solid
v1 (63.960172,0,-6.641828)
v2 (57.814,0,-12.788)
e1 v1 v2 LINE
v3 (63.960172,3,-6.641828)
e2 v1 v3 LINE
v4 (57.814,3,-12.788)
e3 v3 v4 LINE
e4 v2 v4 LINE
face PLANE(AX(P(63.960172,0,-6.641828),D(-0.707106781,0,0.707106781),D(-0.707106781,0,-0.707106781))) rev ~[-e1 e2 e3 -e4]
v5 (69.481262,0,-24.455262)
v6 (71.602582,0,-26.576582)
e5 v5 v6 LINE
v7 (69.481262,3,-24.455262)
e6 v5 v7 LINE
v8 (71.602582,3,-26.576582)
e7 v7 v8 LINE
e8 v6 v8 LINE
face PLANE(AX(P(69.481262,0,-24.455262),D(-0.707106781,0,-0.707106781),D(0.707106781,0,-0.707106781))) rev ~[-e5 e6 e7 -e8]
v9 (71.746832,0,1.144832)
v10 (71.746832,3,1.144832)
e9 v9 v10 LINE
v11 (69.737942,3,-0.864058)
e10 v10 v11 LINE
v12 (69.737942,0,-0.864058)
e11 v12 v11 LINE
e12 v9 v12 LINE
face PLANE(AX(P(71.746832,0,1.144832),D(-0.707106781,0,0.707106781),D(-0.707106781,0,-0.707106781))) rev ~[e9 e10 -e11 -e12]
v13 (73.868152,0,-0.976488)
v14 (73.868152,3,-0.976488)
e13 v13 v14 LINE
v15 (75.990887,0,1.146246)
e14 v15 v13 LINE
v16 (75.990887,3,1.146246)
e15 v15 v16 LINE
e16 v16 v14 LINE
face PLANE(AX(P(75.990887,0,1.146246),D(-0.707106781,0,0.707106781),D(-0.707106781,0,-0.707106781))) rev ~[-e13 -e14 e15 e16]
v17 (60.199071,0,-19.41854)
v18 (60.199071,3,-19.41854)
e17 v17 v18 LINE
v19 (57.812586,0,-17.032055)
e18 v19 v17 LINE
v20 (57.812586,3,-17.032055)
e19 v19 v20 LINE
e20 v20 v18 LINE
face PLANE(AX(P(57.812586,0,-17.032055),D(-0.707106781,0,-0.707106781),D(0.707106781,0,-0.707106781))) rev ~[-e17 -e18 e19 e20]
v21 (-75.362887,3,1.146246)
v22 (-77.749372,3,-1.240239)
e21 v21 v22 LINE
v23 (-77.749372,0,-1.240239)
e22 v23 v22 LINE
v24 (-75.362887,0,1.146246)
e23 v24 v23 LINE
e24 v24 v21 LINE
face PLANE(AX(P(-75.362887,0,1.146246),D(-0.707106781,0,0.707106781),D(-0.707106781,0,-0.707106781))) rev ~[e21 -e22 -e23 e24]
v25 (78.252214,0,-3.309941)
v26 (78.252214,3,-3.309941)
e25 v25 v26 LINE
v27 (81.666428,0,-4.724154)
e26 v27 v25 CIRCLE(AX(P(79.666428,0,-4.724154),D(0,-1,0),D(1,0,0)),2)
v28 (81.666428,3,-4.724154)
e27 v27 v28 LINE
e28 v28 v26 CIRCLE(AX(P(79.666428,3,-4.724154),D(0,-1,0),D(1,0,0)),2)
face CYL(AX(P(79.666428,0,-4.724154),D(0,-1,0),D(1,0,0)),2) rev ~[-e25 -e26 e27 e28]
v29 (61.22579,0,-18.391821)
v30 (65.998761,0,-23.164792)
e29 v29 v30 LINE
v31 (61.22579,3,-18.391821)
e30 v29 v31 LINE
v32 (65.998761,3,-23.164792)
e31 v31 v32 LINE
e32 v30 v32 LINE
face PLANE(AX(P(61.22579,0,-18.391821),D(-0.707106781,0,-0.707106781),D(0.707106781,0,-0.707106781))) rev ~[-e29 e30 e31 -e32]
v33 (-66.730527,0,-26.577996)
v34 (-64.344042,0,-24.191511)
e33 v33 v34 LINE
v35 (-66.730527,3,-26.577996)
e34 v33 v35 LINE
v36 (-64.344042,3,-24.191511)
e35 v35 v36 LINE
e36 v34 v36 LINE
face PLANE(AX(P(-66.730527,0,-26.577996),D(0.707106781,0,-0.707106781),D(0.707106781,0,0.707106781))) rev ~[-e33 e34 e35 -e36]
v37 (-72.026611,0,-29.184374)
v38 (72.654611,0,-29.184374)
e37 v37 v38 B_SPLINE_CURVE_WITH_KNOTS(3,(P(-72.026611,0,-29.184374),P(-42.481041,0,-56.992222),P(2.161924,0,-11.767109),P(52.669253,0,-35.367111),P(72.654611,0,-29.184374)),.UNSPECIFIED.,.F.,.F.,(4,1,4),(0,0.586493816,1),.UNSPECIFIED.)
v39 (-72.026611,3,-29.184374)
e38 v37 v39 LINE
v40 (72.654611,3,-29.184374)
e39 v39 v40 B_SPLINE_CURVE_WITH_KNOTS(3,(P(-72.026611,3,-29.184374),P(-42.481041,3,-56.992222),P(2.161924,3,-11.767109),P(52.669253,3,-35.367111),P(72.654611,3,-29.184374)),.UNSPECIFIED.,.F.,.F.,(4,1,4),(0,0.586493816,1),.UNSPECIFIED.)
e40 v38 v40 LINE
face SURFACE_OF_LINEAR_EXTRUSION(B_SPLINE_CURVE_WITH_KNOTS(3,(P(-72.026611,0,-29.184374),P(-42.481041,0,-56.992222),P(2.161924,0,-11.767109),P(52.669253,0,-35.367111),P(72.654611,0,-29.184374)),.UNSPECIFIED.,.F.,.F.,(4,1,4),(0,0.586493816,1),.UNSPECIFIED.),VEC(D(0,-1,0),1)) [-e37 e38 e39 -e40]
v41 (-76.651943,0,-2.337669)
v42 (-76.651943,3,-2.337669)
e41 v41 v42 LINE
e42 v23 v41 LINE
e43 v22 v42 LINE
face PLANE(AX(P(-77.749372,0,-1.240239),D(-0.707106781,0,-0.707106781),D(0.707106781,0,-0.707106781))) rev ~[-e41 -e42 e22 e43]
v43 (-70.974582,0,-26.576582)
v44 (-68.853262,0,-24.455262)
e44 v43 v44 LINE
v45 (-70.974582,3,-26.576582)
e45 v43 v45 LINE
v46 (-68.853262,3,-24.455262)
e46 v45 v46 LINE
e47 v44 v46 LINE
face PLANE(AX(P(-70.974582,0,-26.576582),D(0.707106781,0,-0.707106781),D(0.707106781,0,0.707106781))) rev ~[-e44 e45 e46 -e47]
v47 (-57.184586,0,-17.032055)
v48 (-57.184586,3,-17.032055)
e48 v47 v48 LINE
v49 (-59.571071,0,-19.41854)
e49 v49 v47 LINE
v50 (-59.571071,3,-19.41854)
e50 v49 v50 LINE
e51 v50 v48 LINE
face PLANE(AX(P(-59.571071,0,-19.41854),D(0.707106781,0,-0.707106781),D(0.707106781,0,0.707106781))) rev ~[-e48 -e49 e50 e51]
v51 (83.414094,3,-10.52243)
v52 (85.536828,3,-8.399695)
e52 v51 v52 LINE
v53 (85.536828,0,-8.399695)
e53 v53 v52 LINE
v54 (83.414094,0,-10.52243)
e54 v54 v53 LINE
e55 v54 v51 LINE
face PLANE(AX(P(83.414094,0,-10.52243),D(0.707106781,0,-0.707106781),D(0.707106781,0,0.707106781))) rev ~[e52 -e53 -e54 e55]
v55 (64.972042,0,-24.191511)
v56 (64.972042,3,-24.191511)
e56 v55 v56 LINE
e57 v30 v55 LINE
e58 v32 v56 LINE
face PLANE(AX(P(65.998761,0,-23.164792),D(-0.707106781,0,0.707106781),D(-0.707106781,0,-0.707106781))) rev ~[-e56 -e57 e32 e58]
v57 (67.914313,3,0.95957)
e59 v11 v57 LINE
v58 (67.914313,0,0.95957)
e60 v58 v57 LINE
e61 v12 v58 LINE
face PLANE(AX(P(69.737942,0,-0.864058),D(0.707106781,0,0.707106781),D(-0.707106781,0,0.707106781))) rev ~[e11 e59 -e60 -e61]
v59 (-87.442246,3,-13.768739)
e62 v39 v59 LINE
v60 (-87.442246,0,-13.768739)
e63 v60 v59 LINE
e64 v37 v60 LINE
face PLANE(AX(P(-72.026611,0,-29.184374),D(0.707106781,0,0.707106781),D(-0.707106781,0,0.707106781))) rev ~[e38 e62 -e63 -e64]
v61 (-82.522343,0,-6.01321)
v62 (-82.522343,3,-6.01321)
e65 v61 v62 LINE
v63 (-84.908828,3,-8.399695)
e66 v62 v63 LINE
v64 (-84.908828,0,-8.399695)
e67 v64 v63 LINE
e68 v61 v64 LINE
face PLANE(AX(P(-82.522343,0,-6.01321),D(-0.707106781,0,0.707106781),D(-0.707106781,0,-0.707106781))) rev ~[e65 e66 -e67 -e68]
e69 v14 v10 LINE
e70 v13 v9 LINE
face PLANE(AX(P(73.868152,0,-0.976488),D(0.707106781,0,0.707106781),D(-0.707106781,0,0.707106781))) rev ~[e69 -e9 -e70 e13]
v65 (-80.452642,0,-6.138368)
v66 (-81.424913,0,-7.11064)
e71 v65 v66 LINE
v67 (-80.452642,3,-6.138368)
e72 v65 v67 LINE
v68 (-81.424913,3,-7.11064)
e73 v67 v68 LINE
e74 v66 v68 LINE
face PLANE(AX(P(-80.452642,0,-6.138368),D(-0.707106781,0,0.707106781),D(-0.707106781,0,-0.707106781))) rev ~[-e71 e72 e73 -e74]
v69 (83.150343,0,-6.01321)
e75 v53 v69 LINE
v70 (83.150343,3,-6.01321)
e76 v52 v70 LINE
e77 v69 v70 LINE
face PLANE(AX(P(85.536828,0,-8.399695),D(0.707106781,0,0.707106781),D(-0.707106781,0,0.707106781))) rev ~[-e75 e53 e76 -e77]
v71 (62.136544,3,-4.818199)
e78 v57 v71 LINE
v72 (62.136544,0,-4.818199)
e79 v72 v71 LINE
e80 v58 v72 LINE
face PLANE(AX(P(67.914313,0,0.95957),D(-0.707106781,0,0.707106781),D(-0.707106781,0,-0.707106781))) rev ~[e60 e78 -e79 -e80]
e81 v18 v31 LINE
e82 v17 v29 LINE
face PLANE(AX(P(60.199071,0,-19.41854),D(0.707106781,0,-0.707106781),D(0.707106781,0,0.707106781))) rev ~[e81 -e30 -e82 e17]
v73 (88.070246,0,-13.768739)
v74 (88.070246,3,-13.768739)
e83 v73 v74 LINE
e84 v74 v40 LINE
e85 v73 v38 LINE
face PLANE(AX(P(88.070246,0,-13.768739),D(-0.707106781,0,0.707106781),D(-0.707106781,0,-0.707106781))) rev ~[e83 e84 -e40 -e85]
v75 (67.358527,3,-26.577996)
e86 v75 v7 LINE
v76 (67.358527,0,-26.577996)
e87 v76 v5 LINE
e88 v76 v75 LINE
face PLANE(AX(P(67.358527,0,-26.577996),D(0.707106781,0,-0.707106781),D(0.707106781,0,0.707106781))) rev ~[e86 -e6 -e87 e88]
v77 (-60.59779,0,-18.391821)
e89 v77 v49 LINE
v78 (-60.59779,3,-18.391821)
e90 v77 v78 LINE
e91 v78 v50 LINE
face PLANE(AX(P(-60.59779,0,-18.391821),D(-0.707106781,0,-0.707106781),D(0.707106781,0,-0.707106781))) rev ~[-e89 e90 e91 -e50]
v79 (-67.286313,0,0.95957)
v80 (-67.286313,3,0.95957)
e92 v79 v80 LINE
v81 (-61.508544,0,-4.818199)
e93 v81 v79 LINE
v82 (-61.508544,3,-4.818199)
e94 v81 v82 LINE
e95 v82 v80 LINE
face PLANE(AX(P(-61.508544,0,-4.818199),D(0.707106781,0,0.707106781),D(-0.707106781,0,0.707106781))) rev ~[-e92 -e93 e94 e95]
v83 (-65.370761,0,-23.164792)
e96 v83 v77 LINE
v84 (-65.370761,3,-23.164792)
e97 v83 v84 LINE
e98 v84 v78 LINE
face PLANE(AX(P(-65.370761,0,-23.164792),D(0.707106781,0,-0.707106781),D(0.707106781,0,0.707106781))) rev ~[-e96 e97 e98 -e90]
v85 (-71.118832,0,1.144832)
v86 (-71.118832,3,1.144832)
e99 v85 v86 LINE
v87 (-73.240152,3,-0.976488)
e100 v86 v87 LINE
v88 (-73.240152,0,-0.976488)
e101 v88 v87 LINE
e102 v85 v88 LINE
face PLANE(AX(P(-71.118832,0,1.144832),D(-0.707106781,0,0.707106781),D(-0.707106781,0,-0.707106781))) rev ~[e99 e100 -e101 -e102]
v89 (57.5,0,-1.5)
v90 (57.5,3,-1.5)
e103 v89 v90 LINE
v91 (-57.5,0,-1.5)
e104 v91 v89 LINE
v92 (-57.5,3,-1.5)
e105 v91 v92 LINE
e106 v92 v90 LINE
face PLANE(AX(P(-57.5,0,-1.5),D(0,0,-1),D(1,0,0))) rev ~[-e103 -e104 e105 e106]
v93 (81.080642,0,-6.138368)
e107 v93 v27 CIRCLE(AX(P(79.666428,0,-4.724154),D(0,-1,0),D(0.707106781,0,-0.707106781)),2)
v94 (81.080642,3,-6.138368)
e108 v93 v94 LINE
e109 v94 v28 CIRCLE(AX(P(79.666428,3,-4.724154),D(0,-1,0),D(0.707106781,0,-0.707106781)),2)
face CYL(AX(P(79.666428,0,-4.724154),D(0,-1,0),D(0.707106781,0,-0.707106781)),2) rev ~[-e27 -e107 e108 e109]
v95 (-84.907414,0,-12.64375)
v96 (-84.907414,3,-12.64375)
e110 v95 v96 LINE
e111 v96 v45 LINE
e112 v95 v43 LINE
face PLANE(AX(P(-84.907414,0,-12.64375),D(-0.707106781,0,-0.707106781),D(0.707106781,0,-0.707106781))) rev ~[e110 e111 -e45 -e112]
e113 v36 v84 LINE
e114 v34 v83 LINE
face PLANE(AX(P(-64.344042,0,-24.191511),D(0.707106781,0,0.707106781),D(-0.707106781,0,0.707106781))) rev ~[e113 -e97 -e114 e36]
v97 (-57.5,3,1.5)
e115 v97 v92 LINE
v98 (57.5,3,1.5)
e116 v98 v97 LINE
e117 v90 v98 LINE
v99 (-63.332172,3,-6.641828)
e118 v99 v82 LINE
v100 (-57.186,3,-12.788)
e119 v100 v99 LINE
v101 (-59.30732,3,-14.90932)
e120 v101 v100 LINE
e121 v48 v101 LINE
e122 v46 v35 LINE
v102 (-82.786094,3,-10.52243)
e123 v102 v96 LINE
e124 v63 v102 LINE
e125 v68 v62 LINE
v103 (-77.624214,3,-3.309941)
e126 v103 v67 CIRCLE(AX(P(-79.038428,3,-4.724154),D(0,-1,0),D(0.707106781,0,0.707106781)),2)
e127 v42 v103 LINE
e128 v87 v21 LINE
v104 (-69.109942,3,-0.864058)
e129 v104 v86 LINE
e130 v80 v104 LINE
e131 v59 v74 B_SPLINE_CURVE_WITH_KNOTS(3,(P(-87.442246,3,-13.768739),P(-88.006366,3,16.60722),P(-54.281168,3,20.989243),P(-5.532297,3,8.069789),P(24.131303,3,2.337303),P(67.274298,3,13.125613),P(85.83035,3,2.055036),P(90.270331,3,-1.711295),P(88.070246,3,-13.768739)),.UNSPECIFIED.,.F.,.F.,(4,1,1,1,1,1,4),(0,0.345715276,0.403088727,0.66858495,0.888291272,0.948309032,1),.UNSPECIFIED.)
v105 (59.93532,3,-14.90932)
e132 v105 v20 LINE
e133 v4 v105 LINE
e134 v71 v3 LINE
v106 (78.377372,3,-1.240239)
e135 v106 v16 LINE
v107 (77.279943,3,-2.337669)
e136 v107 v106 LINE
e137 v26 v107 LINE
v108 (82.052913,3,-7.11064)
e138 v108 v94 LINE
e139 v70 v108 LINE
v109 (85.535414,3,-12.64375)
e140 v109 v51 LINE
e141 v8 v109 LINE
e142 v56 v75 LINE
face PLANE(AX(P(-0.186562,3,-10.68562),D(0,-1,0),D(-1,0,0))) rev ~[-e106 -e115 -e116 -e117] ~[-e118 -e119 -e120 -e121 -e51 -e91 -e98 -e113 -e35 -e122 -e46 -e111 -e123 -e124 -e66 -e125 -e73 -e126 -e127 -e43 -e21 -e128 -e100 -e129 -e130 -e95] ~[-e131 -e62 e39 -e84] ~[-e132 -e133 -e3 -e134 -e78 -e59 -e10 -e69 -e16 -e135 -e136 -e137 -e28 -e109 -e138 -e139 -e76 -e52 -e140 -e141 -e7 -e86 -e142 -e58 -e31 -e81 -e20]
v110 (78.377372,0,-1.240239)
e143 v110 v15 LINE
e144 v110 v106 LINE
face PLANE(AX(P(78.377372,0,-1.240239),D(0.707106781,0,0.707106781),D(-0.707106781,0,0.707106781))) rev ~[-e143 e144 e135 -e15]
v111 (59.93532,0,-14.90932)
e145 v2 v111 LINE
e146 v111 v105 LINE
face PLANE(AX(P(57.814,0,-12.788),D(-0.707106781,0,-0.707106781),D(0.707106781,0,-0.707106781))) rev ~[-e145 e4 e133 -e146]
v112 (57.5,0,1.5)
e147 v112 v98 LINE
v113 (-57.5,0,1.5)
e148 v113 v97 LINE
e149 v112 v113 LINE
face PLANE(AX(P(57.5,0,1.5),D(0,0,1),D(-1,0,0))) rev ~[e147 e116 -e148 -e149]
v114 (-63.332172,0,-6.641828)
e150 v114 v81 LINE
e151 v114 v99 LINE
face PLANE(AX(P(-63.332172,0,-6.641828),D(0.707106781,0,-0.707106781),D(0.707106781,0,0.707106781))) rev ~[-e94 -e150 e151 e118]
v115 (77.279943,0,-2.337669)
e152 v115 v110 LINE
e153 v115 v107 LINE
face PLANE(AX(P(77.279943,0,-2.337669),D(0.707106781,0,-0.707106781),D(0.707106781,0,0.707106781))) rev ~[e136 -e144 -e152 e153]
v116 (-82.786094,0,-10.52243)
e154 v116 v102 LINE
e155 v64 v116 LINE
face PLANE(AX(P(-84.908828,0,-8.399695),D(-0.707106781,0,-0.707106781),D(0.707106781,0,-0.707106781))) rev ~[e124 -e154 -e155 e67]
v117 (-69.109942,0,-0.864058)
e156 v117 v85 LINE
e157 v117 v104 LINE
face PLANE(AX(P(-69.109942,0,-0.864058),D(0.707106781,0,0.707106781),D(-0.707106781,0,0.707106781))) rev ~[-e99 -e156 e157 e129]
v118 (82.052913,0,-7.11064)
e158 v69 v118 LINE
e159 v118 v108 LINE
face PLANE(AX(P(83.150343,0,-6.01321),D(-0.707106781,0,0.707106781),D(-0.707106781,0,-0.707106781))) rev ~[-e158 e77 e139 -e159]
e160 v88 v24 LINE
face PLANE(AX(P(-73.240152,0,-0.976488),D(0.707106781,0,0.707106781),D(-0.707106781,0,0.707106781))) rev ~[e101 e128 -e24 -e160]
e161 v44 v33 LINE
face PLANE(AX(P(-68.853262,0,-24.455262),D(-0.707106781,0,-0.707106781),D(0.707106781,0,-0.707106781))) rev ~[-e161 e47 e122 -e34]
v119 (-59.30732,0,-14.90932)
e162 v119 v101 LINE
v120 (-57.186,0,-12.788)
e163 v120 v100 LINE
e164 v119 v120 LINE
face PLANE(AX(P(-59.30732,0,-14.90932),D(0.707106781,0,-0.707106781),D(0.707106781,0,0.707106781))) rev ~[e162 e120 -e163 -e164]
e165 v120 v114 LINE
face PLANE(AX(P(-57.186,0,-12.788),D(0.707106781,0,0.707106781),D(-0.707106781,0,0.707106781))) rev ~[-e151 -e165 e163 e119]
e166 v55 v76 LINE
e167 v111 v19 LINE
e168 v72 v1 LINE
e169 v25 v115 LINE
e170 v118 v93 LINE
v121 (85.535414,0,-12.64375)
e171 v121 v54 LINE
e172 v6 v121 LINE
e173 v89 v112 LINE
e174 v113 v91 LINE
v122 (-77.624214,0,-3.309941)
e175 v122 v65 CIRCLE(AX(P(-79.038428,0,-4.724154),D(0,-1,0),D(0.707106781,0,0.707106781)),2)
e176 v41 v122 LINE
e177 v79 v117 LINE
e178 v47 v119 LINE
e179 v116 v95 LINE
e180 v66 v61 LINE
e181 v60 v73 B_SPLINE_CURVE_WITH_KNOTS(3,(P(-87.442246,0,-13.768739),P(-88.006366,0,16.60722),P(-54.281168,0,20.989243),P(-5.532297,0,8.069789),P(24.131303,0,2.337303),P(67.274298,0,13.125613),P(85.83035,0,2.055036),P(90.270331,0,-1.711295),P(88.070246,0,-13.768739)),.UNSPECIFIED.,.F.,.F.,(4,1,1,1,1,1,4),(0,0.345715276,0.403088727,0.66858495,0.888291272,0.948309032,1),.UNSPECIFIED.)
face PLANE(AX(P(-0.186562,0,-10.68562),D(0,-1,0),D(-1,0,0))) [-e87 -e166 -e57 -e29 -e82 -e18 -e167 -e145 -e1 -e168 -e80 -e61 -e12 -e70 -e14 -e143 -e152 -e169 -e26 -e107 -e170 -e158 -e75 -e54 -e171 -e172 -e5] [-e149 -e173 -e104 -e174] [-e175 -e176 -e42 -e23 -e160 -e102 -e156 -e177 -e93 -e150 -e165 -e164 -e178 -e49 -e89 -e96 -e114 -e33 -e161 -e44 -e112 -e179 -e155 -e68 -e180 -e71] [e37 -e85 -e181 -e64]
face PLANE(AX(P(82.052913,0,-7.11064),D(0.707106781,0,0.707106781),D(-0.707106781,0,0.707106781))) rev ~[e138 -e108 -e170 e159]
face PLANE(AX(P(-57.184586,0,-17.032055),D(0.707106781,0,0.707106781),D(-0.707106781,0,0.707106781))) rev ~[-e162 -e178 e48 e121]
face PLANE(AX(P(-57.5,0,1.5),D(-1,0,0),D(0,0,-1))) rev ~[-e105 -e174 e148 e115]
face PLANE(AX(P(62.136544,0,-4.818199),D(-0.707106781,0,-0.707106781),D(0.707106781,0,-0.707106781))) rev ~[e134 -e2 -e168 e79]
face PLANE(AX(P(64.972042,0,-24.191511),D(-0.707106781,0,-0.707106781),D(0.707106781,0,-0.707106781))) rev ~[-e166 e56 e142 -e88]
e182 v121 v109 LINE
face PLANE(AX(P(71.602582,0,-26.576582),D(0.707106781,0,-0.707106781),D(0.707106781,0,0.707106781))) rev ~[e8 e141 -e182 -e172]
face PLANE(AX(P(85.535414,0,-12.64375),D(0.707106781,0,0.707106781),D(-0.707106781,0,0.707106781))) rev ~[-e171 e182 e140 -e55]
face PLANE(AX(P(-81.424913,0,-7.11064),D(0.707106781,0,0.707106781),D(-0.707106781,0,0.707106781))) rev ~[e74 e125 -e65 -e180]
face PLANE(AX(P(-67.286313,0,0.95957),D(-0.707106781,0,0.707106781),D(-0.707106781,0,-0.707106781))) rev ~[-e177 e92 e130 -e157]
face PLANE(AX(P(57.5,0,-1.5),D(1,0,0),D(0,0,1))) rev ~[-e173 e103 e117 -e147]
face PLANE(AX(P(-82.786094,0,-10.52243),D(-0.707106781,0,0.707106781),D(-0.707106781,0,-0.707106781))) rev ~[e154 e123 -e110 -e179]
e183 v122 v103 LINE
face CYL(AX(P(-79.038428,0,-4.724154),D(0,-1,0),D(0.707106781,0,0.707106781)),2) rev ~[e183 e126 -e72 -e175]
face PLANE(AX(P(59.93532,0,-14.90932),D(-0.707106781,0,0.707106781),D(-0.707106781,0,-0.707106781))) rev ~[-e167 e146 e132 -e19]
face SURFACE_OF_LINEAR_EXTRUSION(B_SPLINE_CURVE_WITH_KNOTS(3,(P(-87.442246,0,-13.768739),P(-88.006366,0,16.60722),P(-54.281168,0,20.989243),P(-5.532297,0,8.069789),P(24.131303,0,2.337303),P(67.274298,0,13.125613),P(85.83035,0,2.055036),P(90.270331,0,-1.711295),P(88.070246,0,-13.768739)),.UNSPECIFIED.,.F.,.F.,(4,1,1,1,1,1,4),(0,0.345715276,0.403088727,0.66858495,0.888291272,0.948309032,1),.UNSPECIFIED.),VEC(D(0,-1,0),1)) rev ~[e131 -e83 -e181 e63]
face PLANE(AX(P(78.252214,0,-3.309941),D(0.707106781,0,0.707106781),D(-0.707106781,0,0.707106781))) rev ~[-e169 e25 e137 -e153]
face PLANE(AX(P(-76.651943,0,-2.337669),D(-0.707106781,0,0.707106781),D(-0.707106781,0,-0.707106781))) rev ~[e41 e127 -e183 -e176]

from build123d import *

# Parameters (mm, degrees)
BOSS_EXTRUDE1_DEPTH = 3


with BuildPart() as part:
    # Sketch1 → Boss-Extrude1 (new body)
    with BuildSketch(Plane(origin=(0, 0, 0), x_dir=(1, 0, 0), z_dir=(0, 1, 0))):
        with BuildLine():
            add(Edge.make_bspline(
                [(-72.026610681, 29.18437443), (-42.481041168, 56.992221829), (2.161924369, 11.767108555), (52.669252787, 35.367110856), (72.654610681, 29.18437443)],
                knots=[0, 0, 0, 0, 0.586493816, 1, 1, 1, 1], degree=3))
            Line((-72.026610681, 29.18437443), (-87.442245618, 13.768739494))
            add(Edge.make_bspline(
                [(-87.442245618, 13.768739494), (-88.006365767, -16.607219843), (-54.281168224, -20.989242866), (-5.532297252, -8.069789459), (24.131303024, -2.337302931), (67.274298351, -13.125612898), (85.830350167, -2.055035894), (90.270330864, 1.711295424), (88.070245618, 13.768739494)],
                knots=[0, 0, 0, 0, 0.345715276, 0.403088727, 0.66858495, 0.888291272, 0.948309032, 1, 1, 1, 1], degree=3))
            Line((88.070245618, 13.768739494), (72.654610681, 29.18437443))
        make_face()
        with BuildLine():
            Line((-59.307320344, 14.909320344), (-57.186, 12.788))
            Line((-57.186, 12.788), (-63.332172142, 6.641827858))
            Line((-63.332172142, 6.641827858), (-61.508543753, 4.818199469))
            Line((-61.508543753, 4.818199469), (-67.286313262, -0.95957004))
            Line((-67.286313262, -0.95957004), (-69.109941651, 0.864058349))
            Line((-69.109941651, 0.864058349), (-71.118832016, -1.144832016))
            Line((-71.118832016, -1.144832016), (-73.24015236, 0.976488327))
            Line((-73.24015236, 0.976488327), (-75.362886917, -1.14624623))
            Line((-75.362886917, -1.14624623), (-77.749372304, 1.240239156))
            Line((-77.749372304, 1.240239156), (-76.651942579, 2.337668881))
            Line((-76.651942579, 2.337668881), (-77.624214403, 3.309940705))
            ThreePointArc((-77.624214403, 3.309940705), (-80.452641528, 3.309940705), (-80.452641528, 6.13836783))
            Line((-80.452641528, 6.13836783), (-81.424913352, 7.110639654))
            Line((-81.424913352, 7.110639654), (-82.522343077, 6.013209929))
            Line((-82.522343077, 6.013209929), (-84.908828463, 8.399695316))
            Line((-84.908828463, 8.399695316), (-82.786093906, 10.522429873))
            Line((-82.786093906, 10.522429873), (-84.90741425, 12.643750217))
            Line((-84.90741425, 12.643750217), (-70.974582233, 26.576582233))
            Line((-70.974582233, 26.576582233), (-68.85326189, 24.45526189))
            Line((-68.85326189, 24.45526189), (-66.730527332, 26.577996447))
            Line((-66.730527332, 26.577996447), (-64.344041946, 24.19151106))
            Line((-64.344041946, 24.19151106), (-65.370760992, 23.164792014))
            Line((-65.370760992, 23.164792014), (-60.597790219, 18.391821241))
            Line((-60.597790219, 18.391821241), (-59.571071173, 19.418540287))
            Line((-59.571071173, 19.418540287), (-57.184585786, 17.032054901))
            Line((-57.184585786, 17.032054901), (-59.307320344, 14.909320344))
        make_face(mode=Mode.SUBTRACT)
        Polygon((-57.5, -1.5), (-57.5, 1.5), (57.409393497, 1.5), (57.5, 1.5), (57.5, -1.5), align=None, mode=Mode.SUBTRACT)
        with BuildLine():
            Line((71.746832016, -1.144832016), (69.737941651, 0.864058349))
            Line((69.737941651, 0.864058349), (67.914313262, -0.95957004))
            Line((67.914313262, -0.95957004), (62.136543753, 4.818199469))
            Line((62.136543753, 4.818199469), (63.960172142, 6.641827858))
            Line((63.960172142, 6.641827858), (57.814, 12.788))
            Line((57.814, 12.788), (59.935320344, 14.909320344))
            Line((59.935320344, 14.909320344), (57.812585786, 17.032054901))
            Line((57.812585786, 17.032054901), (60.199071173, 19.418540287))
            Line((60.199071173, 19.418540287), (61.225790219, 18.391821241))
            Line((61.225790219, 18.391821241), (65.998760992, 23.164792014))
            Line((65.998760992, 23.164792014), (64.972041946, 24.19151106))
            Line((64.972041946, 24.19151106), (67.358527332, 26.577996447))
            Line((67.358527332, 26.577996447), (69.48126189, 24.45526189))
            Line((69.48126189, 24.45526189), (71.602582233, 26.576582233))
            Line((71.602582233, 26.576582233), (85.53541425, 12.643750217))
            Line((85.53541425, 12.643750217), (83.414093906, 10.522429873))
            Line((83.414093906, 10.522429873), (85.536828463, 8.399695316))
            Line((85.536828463, 8.399695316), (83.150343077, 6.013209929))
            Line((83.150343077, 6.013209929), (82.052913352, 7.110639654))
            Line((82.052913352, 7.110639654), (81.080641528, 6.13836783))
            ThreePointArc((81.080641528, 6.13836783), (81.514187031, 5.489521132), (81.666427966, 4.724154267))
            ThreePointArc((81.666427966, 4.724154267), (80.431794831, 2.876395202), (78.252214403, 3.309940705))
            Line((78.252214403, 3.309940705), (77.279942579, 2.337668881))
            Line((77.279942579, 2.337668881), (78.377372304, 1.240239156))
            Line((78.377372304, 1.240239156), (75.990886917, -1.14624623))
            Line((75.990886917, -1.14624623), (73.86815236, 0.976488327))
            Line((73.86815236, 0.976488327), (71.746832016, -1.144832016))
        make_face(mode=Mode.SUBTRACT)
    extrude(amount=BOSS_EXTRUDE1_DEPTH)


solid = part.part
